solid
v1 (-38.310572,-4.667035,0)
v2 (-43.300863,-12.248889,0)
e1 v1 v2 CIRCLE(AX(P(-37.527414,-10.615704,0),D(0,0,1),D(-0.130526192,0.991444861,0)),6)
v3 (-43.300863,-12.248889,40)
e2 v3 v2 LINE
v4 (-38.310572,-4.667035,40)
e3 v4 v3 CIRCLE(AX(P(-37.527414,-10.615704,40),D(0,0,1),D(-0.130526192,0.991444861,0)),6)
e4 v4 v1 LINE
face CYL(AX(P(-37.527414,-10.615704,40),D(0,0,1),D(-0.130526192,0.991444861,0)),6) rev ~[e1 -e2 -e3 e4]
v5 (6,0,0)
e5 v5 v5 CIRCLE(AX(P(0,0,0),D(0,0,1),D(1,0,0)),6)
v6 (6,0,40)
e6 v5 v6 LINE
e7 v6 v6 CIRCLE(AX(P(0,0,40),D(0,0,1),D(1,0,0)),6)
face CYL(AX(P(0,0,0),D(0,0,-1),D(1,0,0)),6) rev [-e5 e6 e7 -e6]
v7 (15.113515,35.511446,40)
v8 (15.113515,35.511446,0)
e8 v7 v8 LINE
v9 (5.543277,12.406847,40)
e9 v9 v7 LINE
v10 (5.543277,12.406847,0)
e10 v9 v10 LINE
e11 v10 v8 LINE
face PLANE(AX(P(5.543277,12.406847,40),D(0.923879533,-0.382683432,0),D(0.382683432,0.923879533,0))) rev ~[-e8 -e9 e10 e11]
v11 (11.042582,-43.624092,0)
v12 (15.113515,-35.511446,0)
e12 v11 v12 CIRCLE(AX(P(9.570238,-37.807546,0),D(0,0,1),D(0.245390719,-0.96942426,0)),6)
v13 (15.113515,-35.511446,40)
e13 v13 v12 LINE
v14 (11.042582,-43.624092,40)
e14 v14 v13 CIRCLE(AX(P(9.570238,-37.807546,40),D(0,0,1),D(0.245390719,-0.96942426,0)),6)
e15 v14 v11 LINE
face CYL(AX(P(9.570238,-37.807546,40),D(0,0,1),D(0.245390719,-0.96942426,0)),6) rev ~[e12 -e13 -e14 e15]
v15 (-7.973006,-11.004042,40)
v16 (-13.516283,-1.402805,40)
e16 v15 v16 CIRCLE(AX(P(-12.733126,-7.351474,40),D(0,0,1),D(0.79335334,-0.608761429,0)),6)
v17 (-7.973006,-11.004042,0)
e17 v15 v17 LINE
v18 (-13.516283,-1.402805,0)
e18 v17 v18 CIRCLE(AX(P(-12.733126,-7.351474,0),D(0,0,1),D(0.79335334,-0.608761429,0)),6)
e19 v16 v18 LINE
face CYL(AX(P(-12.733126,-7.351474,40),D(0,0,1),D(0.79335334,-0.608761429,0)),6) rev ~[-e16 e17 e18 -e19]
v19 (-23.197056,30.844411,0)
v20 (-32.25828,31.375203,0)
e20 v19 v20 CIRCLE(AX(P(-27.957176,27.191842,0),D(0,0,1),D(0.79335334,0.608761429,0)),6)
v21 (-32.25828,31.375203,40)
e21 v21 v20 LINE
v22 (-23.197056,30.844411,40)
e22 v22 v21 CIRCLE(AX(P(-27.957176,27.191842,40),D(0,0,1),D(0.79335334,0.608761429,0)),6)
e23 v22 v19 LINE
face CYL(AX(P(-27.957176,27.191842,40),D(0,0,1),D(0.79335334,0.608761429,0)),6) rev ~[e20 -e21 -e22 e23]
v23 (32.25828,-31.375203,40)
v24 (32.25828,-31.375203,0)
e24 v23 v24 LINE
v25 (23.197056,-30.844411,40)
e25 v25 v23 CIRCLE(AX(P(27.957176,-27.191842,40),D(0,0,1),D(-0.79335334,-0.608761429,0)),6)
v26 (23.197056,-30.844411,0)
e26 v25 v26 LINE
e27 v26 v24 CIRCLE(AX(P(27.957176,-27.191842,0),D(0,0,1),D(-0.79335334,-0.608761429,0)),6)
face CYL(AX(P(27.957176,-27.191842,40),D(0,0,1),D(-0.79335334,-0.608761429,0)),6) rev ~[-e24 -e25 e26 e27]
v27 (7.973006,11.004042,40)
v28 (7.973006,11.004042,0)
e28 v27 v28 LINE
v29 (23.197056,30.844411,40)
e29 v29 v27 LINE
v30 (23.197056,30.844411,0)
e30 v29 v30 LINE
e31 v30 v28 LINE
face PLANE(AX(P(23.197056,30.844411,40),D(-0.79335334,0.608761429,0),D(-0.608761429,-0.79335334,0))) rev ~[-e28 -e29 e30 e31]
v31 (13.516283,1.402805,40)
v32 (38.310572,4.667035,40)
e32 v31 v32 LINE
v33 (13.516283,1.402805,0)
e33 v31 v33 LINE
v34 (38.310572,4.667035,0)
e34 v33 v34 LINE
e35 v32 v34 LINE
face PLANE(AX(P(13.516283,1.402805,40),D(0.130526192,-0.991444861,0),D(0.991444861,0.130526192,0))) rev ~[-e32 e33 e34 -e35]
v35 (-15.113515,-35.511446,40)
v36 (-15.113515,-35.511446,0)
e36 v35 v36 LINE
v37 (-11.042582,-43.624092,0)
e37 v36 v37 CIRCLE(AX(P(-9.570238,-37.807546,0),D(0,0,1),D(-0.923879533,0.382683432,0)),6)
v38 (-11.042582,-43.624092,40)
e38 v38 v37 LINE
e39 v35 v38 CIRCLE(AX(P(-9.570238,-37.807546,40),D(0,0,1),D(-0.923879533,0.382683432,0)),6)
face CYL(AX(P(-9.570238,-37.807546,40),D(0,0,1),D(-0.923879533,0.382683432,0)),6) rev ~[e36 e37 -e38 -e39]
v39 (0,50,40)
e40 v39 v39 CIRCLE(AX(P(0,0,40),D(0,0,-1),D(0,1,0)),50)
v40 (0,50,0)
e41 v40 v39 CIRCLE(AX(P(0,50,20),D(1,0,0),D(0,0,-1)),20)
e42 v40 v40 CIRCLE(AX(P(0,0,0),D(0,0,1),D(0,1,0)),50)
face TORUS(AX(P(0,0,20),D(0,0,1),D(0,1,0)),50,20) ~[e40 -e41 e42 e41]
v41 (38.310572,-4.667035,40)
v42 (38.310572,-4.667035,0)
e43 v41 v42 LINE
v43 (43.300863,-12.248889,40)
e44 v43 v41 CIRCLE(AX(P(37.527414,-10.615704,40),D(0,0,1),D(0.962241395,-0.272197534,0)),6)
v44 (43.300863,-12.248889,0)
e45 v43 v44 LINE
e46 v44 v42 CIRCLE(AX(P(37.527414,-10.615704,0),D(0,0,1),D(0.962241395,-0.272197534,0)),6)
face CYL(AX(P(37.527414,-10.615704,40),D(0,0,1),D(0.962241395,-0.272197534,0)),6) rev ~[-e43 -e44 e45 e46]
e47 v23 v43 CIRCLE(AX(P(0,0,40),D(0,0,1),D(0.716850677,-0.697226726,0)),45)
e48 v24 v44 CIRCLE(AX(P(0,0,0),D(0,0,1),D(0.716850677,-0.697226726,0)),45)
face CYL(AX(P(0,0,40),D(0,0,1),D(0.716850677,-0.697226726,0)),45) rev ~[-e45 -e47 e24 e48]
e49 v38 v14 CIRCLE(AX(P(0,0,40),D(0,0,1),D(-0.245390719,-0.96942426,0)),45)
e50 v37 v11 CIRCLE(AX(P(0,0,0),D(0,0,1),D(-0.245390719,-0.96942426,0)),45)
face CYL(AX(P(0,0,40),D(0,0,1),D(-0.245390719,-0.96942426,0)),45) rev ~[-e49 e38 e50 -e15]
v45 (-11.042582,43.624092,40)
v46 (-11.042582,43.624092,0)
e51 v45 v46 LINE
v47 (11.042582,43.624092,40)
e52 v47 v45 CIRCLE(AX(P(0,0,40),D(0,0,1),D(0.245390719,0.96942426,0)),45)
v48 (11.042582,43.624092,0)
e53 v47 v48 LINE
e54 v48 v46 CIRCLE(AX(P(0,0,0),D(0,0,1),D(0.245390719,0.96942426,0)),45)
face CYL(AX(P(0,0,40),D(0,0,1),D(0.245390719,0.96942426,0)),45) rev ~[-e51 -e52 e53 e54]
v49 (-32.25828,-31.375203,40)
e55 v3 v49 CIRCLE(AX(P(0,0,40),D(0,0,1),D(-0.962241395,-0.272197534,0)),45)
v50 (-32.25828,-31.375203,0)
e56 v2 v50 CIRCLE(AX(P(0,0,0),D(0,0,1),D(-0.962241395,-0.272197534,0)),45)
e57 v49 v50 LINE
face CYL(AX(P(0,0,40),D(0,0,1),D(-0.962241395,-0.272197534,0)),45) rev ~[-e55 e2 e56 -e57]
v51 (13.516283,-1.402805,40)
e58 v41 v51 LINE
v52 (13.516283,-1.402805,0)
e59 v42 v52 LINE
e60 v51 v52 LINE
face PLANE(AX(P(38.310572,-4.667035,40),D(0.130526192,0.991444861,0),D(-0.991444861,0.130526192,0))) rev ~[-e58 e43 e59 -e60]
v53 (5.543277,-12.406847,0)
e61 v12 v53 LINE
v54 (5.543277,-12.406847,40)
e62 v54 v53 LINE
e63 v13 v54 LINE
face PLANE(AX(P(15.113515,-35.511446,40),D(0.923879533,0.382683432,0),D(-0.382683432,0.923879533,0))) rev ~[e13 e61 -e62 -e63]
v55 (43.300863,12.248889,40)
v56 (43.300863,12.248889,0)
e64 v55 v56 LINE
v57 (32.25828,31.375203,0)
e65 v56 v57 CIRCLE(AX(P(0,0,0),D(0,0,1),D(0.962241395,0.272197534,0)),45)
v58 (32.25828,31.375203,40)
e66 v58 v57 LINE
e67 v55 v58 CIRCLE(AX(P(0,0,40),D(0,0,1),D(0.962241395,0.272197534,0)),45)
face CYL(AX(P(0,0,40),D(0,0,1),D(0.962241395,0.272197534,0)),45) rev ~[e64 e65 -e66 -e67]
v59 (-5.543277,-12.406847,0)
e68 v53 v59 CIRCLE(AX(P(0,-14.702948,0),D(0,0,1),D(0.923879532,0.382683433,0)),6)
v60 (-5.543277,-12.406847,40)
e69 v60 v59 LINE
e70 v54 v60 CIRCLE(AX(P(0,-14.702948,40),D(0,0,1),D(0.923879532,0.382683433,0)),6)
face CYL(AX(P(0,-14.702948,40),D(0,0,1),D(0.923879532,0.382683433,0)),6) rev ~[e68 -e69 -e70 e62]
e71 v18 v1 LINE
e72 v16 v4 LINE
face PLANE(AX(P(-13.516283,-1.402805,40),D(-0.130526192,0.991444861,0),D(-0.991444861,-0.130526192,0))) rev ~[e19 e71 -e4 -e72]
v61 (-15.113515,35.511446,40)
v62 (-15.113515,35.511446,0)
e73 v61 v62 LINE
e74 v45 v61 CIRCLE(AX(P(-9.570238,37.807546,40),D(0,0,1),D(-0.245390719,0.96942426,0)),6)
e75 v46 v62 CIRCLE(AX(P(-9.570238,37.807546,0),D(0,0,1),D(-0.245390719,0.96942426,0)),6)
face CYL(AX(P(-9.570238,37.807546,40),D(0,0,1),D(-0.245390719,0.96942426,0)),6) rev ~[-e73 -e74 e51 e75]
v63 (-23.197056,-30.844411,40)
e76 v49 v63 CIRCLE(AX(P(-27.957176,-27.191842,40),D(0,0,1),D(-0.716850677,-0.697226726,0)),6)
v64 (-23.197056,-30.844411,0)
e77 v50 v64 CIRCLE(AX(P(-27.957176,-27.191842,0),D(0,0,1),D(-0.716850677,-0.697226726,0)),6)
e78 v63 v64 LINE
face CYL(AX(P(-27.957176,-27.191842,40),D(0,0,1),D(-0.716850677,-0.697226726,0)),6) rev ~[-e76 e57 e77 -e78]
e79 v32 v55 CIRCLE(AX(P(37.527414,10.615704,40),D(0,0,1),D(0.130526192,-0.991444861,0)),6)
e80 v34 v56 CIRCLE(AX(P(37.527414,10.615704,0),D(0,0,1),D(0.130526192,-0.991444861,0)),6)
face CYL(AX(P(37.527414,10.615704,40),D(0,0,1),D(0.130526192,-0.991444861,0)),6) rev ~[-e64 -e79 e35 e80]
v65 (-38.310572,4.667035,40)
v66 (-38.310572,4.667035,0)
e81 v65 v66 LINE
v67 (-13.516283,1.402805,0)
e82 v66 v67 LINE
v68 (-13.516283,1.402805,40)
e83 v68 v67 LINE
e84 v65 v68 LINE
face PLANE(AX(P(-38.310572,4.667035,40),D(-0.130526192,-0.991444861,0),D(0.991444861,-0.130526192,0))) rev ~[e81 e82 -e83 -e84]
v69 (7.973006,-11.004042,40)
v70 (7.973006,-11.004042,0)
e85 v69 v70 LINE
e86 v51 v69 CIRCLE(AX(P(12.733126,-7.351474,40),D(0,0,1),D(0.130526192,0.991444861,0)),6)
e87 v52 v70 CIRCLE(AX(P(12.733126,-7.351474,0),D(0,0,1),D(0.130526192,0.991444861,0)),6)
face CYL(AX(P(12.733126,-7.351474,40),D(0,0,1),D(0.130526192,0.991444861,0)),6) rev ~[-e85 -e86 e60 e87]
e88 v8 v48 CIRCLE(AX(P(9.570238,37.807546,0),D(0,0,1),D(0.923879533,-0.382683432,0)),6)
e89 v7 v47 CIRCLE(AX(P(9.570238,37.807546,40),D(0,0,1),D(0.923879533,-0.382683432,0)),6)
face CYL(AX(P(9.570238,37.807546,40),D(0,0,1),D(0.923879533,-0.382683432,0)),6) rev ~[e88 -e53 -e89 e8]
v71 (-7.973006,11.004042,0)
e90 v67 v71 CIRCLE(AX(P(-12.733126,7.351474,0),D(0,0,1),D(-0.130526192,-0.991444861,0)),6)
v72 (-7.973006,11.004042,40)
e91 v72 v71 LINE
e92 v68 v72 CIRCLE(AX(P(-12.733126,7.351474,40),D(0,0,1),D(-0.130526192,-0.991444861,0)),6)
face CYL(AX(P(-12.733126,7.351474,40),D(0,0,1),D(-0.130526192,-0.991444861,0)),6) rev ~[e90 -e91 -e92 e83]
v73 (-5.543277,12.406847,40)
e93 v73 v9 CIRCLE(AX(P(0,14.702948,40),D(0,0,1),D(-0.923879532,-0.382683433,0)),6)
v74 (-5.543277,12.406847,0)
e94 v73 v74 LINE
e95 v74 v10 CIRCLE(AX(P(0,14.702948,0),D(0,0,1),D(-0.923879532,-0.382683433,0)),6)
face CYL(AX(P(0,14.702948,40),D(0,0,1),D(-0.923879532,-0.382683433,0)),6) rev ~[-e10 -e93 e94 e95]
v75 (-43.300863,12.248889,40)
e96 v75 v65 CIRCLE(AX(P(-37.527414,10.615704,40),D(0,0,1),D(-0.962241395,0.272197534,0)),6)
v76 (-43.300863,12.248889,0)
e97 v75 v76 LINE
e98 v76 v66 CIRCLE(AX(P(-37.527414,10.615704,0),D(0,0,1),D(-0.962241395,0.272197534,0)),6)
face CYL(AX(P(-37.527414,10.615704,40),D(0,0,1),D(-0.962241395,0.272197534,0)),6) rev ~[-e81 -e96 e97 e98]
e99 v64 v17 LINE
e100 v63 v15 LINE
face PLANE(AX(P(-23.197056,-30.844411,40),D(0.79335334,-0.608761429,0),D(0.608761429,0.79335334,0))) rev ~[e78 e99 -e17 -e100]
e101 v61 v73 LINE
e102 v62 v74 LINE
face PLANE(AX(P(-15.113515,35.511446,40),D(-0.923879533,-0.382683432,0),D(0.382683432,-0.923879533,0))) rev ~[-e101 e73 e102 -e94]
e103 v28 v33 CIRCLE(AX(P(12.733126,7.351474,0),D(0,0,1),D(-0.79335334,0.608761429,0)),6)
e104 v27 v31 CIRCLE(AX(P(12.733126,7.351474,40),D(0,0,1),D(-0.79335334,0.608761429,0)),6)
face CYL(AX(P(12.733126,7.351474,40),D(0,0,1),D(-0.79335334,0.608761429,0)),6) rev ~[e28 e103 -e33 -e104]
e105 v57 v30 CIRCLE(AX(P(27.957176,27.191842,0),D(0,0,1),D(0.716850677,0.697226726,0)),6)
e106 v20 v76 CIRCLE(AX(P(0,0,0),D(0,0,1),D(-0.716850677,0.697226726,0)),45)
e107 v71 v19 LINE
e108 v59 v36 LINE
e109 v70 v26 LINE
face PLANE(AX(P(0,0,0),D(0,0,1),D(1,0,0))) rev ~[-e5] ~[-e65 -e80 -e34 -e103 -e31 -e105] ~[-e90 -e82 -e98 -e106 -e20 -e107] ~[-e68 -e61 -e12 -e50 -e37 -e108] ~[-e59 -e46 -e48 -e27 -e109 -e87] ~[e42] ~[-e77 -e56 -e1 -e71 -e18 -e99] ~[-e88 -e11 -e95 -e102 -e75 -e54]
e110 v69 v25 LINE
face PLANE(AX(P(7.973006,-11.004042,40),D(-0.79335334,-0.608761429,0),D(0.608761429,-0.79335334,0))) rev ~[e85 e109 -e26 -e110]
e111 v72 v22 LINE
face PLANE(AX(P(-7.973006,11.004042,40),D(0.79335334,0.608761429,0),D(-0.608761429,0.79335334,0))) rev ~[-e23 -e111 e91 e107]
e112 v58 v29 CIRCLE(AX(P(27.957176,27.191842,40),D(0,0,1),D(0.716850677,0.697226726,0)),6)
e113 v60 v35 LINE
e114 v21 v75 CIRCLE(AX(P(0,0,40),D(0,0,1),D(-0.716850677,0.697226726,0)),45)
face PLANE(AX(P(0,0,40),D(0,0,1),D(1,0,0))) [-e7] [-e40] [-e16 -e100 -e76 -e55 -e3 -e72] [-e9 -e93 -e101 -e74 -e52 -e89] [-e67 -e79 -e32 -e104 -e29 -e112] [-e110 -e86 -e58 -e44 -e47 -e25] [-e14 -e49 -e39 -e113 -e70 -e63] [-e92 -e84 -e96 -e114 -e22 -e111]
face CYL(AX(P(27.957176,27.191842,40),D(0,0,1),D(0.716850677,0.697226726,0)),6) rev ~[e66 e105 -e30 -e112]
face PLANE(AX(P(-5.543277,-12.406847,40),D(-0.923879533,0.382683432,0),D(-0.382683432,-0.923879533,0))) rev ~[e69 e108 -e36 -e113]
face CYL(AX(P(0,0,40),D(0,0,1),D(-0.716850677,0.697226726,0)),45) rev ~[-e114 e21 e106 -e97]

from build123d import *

# Parameters (mm, degrees)
SKETCH5_R           = 50
SKETCH5_R_2         = 6
BOSS_EXTRUDE2_DEPTH = 40
CUT_EXTRUDE1_DEPTH  = 41
CIRPATTERN1_COUNT   = 6


with BuildPart() as part:
    # Sketch5 → Boss-Extrude2 (new body)
    with BuildSketch(Plane.XY):
        Circle(SKETCH5_R)
        Circle(SKETCH5_R_2, mode=Mode.SUBTRACT)
    extrude(amount=BOSS_EXTRUDE2_DEPTH)

    # Sketch7 → Revolve3 (revolve)
    with BuildSketch(Plane(origin=(0, 0, 0), x_dir=(0, 0, -1), z_dir=(1, 0, 0))):
        with BuildLine():
            Line((-40, 50), (0, 50))
            ThreePointArc((0, 50), (-20, 70), (-40, 50))
        make_face()
    revolve(axis=Axis((0, 0, 40), (0, 0, -1)))

    # Sketch8 → Cut-Extrude1 (cut, through all)
    with BuildSketch(Plane.XY.offset(40)):
        with BuildLine():
            Line((5.543277195, 12.406847077), (15.113515228, 35.511445531))
            ThreePointArc((15.113515228, 35.511445531), (14.932932615, 40.498550922), (11.042582345, 43.624091683))
            ThreePointArc((11.042582345, 43.624091683), (0, 45), (-11.042582345, 43.624091683))
            ThreePointArc((-11.042582345, 43.624091683), (-14.932932615, 40.498550922), (-15.113515228, 35.511445531))
            Line((-15.113515228, 35.511445531), (-5.543277195, 12.406847077))
            ThreePointArc((-5.543277195, 12.406847077), (0, 8.702947672), (5.543277195, 12.406847077))
        make_face()
    cut_extrude1 = extrude(amount=-CUT_EXTRUDE1_DEPTH, mode=Mode.SUBTRACT)

    # CirPattern1: Cut-Extrude1 ×6 about axis
    cirpattern1_axis = Axis((0, 0, 0), (0, 0, 1))
    for i in range(1, CIRPATTERN1_COUNT):
        add(cut_extrude1.rotate(cirpattern1_axis, i * 360 / CIRPATTERN1_COUNT), mode=Mode.SUBTRACT)


solid = part.part
